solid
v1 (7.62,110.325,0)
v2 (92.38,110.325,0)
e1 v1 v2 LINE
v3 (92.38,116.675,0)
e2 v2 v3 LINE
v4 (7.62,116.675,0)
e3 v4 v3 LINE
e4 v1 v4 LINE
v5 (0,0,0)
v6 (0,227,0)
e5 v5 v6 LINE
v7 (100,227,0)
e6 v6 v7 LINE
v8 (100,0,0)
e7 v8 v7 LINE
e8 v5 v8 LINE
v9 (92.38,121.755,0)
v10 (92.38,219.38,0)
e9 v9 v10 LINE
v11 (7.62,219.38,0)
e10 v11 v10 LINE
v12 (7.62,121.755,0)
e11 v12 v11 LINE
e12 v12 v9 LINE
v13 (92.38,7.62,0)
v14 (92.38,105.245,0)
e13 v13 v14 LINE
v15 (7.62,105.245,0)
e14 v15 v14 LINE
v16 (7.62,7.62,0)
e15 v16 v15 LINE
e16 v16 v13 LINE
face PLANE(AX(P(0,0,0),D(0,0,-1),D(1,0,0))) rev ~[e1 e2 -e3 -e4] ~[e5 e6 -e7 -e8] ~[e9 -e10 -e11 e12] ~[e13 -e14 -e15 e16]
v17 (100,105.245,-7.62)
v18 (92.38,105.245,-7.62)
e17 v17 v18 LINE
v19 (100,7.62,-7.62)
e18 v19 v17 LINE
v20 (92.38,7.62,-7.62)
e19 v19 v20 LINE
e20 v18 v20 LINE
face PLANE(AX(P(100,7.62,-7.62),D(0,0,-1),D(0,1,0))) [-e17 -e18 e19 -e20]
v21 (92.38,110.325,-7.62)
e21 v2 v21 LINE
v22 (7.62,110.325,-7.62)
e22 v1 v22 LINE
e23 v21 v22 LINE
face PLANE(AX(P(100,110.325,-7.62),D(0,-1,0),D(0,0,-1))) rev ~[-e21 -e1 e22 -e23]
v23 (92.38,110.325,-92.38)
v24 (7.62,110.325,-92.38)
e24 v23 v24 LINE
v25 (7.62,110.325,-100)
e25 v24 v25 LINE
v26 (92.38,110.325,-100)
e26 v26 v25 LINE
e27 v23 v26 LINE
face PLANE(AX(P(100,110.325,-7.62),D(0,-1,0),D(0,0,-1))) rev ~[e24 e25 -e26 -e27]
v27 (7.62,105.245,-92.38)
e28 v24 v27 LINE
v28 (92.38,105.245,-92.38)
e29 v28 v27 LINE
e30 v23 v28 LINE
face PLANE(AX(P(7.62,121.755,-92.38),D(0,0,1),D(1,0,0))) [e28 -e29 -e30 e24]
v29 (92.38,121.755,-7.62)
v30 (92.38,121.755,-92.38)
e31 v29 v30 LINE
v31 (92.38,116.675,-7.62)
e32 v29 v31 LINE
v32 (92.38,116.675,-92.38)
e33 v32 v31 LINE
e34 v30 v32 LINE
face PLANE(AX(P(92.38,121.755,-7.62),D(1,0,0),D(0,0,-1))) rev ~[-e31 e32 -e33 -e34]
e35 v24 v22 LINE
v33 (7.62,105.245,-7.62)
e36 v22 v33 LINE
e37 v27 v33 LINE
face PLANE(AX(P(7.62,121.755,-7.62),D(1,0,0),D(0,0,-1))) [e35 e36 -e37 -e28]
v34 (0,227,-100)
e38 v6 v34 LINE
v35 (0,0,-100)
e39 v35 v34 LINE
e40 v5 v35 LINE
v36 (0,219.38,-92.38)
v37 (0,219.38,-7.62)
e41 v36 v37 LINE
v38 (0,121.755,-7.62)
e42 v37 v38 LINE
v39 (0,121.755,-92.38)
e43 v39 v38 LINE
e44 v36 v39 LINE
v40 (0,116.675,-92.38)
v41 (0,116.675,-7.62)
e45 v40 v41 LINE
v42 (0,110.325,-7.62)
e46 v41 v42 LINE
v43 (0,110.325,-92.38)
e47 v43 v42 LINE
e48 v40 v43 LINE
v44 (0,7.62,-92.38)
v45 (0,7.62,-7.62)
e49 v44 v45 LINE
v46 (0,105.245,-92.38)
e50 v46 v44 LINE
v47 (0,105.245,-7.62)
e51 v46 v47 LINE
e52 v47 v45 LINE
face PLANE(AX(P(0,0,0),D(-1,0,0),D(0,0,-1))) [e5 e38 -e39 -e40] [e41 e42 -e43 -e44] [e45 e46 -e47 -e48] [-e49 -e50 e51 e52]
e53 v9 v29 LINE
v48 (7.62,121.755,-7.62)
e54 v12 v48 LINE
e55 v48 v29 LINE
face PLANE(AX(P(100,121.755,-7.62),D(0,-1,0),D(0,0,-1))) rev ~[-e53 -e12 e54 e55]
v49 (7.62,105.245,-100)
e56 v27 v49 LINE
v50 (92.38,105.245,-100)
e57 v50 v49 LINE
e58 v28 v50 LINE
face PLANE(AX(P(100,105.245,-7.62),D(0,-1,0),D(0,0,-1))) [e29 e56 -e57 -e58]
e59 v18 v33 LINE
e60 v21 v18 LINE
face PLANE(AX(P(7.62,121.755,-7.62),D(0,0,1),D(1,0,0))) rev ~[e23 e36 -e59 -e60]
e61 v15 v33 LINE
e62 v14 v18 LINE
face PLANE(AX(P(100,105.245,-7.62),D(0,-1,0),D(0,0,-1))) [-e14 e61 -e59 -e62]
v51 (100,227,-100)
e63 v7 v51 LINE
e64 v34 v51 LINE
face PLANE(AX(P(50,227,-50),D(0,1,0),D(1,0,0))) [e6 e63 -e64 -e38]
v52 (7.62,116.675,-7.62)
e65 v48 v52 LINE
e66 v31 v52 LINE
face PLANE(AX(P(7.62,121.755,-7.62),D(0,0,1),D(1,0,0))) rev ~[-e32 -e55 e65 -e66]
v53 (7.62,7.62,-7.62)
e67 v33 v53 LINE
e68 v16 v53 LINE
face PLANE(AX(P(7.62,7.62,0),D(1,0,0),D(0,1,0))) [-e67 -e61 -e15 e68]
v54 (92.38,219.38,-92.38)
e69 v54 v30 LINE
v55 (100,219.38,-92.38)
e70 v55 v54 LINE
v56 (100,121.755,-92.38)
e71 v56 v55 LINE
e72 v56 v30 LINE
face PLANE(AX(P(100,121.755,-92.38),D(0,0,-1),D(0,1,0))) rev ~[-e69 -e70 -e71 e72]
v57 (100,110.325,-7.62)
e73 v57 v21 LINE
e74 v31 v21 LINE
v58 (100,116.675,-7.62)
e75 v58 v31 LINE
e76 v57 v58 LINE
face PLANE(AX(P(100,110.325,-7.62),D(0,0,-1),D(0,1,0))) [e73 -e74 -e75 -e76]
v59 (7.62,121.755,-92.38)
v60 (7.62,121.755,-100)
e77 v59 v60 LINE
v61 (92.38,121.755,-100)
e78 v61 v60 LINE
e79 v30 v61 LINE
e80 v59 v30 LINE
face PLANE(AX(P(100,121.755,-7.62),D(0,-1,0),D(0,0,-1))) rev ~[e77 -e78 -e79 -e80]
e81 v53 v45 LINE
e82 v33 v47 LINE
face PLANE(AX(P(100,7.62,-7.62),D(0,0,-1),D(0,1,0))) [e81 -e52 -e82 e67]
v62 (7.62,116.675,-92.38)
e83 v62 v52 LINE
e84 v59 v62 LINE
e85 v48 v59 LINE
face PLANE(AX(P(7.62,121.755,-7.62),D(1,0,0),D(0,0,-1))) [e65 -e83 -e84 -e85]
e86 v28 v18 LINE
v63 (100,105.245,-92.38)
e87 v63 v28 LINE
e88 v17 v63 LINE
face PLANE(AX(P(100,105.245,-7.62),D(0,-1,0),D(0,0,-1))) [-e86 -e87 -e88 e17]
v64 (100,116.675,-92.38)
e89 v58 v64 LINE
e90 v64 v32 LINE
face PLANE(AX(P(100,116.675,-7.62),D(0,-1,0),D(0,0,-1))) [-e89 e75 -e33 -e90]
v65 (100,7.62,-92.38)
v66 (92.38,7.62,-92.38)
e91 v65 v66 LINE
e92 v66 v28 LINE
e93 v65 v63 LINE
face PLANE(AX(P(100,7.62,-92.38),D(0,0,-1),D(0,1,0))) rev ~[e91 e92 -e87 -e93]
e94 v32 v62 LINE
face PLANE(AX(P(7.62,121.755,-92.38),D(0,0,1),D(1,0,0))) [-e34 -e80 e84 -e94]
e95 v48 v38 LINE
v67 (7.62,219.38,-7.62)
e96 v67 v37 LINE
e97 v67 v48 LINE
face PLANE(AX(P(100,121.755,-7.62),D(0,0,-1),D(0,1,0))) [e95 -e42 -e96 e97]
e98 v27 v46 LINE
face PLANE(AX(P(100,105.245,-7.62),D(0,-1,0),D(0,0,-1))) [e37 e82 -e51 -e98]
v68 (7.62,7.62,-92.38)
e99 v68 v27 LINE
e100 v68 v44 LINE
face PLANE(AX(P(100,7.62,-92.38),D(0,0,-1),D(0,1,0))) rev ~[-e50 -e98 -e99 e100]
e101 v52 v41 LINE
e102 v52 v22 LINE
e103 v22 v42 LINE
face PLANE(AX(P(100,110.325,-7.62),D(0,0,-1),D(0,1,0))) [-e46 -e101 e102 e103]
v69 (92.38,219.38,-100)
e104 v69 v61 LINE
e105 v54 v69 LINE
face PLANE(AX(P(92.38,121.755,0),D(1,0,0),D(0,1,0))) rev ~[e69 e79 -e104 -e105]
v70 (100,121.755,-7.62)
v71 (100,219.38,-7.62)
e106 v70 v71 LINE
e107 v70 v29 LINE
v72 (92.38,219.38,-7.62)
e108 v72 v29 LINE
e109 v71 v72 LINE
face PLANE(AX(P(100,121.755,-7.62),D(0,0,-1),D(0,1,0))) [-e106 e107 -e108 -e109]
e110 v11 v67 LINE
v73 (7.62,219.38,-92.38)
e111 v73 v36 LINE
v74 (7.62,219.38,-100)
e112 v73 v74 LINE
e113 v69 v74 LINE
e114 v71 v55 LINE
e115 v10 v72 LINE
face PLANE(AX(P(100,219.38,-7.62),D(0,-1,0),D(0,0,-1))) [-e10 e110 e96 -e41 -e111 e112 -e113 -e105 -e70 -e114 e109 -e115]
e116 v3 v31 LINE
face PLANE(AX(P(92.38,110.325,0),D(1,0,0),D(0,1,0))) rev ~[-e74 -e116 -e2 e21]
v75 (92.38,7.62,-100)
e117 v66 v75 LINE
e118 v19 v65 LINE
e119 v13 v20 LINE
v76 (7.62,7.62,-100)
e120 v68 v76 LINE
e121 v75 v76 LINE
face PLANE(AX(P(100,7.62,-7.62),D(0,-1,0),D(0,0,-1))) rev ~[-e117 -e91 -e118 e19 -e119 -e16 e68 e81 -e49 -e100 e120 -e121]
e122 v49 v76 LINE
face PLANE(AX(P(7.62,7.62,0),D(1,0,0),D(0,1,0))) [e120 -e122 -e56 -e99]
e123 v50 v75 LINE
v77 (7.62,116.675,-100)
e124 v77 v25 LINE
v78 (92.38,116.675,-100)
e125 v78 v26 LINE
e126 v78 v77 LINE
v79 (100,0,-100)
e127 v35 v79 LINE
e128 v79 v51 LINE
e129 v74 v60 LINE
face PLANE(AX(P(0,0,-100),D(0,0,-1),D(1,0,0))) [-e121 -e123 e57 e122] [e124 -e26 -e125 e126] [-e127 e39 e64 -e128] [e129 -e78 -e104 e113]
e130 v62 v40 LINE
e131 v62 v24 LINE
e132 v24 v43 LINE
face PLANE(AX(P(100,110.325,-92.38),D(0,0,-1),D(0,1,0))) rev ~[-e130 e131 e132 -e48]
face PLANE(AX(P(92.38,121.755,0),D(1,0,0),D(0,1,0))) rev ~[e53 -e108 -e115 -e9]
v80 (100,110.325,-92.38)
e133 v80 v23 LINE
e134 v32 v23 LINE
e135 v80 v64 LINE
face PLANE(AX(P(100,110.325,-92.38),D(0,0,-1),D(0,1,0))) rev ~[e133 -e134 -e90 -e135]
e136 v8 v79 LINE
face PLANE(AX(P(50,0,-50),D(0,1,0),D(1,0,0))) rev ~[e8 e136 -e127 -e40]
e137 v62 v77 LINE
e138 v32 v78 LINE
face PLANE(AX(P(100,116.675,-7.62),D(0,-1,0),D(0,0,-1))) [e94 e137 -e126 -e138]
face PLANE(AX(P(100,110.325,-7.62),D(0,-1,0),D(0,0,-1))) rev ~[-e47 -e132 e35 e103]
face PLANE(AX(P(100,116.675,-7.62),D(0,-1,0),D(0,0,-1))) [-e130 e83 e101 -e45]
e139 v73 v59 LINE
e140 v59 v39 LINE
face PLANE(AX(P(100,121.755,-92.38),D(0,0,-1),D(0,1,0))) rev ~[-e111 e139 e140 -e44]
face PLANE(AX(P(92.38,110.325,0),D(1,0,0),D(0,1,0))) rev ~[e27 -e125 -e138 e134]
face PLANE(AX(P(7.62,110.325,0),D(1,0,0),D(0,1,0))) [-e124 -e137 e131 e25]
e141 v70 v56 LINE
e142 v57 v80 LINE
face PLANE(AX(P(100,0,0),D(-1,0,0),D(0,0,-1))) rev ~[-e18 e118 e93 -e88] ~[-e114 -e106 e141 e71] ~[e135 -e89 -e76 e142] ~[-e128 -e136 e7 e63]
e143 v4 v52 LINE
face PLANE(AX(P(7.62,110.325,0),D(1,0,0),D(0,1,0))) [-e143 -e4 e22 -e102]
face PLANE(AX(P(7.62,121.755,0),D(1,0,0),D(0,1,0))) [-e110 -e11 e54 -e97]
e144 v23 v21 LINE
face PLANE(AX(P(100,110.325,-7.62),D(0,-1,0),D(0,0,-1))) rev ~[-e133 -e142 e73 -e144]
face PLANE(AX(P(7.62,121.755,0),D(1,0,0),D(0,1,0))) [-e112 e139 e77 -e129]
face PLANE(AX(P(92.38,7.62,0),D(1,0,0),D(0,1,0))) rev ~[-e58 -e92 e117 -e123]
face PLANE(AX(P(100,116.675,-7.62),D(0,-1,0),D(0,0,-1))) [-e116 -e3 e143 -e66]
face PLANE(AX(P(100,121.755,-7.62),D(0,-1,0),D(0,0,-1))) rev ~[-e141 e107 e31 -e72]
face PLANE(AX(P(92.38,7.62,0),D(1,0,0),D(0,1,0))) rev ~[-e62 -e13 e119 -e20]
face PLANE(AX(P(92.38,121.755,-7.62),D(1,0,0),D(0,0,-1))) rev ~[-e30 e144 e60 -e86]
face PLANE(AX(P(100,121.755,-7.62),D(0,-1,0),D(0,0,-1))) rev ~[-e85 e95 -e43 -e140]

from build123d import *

# Parameters (mm, degrees)
SKETCH1_W           = 100
SKETCH1_H           = 100
BOSS_EXTRUDE1_DEPTH = 227
SKETCH6_W           = 84.76
SKETCH6_H           = 97.625
SKETCH6_H_2         = 6.35
CUT_EXTRUDE3_DEPTH  = 268.44906057
SKETCH10_W          = 84.76
SKETCH10_H          = 97.625
SKETCH10_H_2        = 6.35
CUT_EXTRUDE4_DEPTH  = 268.44906057
SKETCH11_W          = 84.76
SKETCH11_H          = 84.76
CUT_EXTRUDE5_DEPTH  = 25.4


with BuildPart() as part:
    # Sketch1 → Boss-Extrude1 (new body)
    with BuildSketch(Plane(origin=(0, 0, 0), x_dir=(1, 0, 0), z_dir=(0, 1, 0))):
        with Locations((50, 50)):
            Rectangle(SKETCH1_W, SKETCH1_H)
    extrude(amount=BOSS_EXTRUDE1_DEPTH)

    # Sketch6 → Cut-Extrude3 (cut, through all)
    with BuildSketch(Plane(origin=(100, 0, 0), x_dir=(0, 0, -1), z_dir=(1, 0, 0))):
        with Locations((50, 56.4325)):
            Rectangle(SKETCH6_W, SKETCH6_H)
        with Locations((50, 113.5)):
            Rectangle(SKETCH6_W, SKETCH6_H_2)
        with Locations((50, 170.5675)):
            Rectangle(SKETCH6_W, SKETCH6_H)
    extrude(amount=-CUT_EXTRUDE3_DEPTH, mode=Mode.SUBTRACT)

    # Sketch10 → Cut-Extrude4 (cut, through all)
    with BuildSketch(Plane.XY):
        with Locations((50, 170.5675)):
            Rectangle(SKETCH10_W, SKETCH10_H)
        with Locations((50, 113.5)):
            Rectangle(SKETCH10_W, SKETCH10_H_2)
        with Locations((50, 56.4325)):
            Rectangle(SKETCH10_W, SKETCH10_H)
    extrude(amount=-CUT_EXTRUDE4_DEPTH, mode=Mode.SUBTRACT)

    # Sketch11 → Cut-Extrude5 (cut)
    with BuildSketch(Plane(origin=(0, 121.755, 0), x_dir=(1, 0, 0), z_dir=(0, 1, 0))):
        with Locations((50, 50)):
            Rectangle(SKETCH11_W, SKETCH11_H)
    extrude(amount=-CUT_EXTRUDE5_DEPTH, mode=Mode.SUBTRACT)


solid = part.part
